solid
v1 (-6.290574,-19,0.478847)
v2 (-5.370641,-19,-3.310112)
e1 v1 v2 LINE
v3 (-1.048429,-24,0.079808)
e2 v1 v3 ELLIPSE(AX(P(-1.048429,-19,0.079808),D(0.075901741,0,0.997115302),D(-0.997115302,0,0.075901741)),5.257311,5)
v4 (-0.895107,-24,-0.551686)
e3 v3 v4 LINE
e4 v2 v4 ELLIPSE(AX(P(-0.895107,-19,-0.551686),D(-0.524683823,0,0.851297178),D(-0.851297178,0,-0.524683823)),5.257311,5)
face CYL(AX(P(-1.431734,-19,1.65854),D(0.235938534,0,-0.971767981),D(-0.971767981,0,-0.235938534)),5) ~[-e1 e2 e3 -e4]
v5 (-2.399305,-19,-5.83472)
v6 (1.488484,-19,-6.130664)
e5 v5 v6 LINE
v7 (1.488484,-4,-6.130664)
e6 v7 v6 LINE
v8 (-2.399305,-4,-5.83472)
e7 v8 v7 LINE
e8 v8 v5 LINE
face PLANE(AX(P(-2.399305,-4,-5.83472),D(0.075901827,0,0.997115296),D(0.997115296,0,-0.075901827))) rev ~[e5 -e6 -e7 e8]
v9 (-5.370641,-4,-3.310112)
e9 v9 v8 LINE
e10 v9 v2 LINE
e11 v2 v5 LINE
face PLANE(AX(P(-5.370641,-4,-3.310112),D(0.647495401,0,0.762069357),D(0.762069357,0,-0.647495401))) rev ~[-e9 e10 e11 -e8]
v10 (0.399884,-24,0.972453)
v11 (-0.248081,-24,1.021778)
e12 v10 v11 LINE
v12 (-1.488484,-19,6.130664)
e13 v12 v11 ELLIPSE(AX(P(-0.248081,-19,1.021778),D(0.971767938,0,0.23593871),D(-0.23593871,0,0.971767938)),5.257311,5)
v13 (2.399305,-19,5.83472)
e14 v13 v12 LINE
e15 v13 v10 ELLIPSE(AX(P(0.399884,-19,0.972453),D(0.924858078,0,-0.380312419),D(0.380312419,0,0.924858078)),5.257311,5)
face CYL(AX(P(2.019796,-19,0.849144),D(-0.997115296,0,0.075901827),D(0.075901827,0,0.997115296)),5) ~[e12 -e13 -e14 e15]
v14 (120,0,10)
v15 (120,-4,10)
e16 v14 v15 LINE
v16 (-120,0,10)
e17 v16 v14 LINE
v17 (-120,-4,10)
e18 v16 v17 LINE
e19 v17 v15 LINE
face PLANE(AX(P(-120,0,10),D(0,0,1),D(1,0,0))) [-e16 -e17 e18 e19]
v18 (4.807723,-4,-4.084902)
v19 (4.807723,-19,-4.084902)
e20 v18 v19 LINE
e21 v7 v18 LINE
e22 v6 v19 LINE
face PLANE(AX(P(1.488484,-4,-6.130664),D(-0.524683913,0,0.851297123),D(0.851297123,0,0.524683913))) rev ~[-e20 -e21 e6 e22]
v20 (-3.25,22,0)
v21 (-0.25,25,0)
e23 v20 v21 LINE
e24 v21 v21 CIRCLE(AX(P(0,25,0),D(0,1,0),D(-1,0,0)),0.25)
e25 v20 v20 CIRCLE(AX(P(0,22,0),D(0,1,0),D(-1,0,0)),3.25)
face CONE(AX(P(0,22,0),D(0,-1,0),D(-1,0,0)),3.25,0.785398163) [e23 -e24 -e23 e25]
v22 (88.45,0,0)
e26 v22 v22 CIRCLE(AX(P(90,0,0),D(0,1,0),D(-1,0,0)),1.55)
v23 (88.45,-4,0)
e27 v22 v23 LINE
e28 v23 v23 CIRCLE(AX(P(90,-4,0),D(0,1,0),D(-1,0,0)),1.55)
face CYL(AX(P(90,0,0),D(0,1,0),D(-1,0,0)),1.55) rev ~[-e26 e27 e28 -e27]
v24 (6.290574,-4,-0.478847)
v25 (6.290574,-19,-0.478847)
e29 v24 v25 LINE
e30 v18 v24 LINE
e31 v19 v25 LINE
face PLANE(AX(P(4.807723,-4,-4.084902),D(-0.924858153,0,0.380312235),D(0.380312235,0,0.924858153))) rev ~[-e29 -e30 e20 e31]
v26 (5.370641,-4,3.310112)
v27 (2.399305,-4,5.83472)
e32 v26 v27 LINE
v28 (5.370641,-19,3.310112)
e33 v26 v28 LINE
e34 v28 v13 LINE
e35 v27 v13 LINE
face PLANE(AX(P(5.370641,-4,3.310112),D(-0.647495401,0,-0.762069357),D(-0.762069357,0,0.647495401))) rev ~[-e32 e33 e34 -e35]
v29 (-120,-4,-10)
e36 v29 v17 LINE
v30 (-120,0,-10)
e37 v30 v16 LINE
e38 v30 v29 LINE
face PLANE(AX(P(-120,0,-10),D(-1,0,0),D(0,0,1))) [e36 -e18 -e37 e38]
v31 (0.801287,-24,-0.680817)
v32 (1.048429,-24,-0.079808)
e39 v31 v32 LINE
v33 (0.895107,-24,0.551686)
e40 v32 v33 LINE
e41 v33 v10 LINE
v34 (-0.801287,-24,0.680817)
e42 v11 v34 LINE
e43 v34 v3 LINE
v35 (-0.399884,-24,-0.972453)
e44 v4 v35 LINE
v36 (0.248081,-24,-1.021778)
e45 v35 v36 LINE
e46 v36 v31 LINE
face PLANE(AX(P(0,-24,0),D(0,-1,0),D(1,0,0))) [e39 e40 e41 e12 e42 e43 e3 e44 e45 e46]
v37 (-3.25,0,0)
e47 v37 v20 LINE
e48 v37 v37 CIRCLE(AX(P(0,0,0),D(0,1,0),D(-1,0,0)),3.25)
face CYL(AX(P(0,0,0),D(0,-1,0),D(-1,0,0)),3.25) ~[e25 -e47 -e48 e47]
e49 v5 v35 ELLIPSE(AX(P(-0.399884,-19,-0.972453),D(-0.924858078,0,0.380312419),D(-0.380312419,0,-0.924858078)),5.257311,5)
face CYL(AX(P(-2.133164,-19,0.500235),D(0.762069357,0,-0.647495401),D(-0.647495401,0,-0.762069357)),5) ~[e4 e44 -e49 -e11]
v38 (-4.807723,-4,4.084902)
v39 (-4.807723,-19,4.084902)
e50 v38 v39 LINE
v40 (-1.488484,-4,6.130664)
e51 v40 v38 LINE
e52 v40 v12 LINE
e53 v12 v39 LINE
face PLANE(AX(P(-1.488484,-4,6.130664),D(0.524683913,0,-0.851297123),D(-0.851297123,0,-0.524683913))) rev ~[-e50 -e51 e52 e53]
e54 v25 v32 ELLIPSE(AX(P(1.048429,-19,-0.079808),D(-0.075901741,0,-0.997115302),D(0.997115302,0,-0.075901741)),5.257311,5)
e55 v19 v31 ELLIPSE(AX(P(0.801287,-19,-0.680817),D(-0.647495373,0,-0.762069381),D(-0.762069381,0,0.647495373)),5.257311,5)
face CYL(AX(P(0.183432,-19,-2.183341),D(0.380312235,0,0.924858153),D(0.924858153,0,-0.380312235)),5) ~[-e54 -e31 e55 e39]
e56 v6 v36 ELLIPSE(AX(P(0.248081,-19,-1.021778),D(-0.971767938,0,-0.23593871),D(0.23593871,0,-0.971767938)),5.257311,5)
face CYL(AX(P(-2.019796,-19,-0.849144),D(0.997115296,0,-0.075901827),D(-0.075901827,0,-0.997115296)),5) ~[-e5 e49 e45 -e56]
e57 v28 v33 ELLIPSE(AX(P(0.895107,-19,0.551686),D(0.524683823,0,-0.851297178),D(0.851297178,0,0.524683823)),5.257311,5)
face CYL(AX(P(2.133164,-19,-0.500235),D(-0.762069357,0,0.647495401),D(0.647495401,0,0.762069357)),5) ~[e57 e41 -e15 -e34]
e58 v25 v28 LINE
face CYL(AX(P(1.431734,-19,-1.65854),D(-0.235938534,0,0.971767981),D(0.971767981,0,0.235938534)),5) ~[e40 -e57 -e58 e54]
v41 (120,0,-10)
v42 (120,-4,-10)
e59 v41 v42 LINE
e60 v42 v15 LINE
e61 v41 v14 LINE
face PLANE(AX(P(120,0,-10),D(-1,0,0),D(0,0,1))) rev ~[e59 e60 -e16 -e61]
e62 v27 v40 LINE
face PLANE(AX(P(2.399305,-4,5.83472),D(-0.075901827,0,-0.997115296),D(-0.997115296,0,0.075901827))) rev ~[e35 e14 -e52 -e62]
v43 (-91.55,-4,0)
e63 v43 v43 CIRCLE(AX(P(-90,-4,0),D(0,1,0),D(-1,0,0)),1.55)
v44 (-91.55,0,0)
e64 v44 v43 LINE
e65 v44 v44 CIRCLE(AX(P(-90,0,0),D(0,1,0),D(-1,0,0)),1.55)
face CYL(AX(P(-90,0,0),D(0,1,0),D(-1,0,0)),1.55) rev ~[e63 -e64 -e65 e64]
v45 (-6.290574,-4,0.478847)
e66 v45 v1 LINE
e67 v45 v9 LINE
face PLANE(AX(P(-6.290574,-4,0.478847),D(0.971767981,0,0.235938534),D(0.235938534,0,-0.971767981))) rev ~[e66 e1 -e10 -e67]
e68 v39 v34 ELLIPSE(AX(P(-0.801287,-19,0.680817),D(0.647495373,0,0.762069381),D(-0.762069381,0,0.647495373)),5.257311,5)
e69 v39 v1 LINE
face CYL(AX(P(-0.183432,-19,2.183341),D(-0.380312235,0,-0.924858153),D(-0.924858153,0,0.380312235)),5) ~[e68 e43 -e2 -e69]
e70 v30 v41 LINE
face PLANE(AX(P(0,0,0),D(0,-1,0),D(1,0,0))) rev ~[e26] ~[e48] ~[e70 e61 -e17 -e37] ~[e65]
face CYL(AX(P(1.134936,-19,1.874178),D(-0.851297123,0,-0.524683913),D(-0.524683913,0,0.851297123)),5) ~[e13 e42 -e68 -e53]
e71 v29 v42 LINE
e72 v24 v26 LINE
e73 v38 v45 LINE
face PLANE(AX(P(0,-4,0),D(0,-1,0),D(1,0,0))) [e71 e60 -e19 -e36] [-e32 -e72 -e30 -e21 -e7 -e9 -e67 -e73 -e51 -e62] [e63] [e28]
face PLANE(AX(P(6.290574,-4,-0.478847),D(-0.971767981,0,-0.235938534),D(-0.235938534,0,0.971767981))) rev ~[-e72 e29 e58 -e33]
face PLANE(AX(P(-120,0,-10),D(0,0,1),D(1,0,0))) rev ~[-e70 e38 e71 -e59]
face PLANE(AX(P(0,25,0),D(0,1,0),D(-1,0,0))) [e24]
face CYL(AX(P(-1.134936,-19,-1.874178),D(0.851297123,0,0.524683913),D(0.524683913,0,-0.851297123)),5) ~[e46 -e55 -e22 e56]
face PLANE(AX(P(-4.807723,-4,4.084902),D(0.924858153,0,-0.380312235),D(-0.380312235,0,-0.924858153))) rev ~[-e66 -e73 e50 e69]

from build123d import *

# Parameters (mm, degrees)
F0_W     = 240
F0_H     = 20
F1_DEPTH = 4
F3_DEPTH = 20
F4_R     = 5
F5_R     = 3.25
F6_DEPTH = 25
F7_SIZE  = 3
F8_R     = 1.55
F9_DEPTH = 25


with BuildPart() as f1:
    # F0 (on Front) → F1 (new body)
    with BuildSketch(Plane.XZ):
        Rectangle(F0_W, F0_H)
    extrude(amount=F1_DEPTH)

    # F2 (on face) → F3 (join)
    with BuildSketch(Plane.XZ.offset(4)):
        Polygon((5.370641, 3.310112), (2.399305, 5.83472), (-1.488484, 6.130664), (-4.807723, 4.084902), (-6.290574, 0.478847), (-5.370641, -3.310112), (-2.399305, -5.83472), (1.488484, -6.130664), (4.807723, -4.084902), (6.290574, -0.478847), align=None)
    extrude(amount=F3_DEPTH)

    # F4
    f4_edges = [f1.edges().sort_by_distance(p)[0] for p in [
        (5.549149, -24, -2.281874),
        (5.830608, -24, 1.415633),
        (3.884973, -24, 4.572416),
        (0.45541, -24, 5.982692),
        (-3.148103, -24, 5.107783),
        (-5.549149, -24, 2.281874),
        (-5.830608, -24, -1.415633),
        (-3.884973, -24, -4.572416),
        (-0.45541, -24, -5.982692),
        (3.148103, -24, -5.107783),
    ]]
    fillet(f4_edges, radius=F4_R)

    # F5 (on face) → F6 (join)
    with BuildSketch(Plane(origin=(0, 0, 0), x_dir=(-1, 0, 0), z_dir=(0, 1, 0))):
        Circle(F5_R)
    extrude(amount=F6_DEPTH)

    # F7
    f7_edges = [f1.edges().sort_by_distance(p)[0] for p in [
        (3.25, 25, 0),
    ]]
    chamfer(f7_edges, length=F7_SIZE)

    # F8 (on face) → F9 (cut)
    with BuildSketch(Plane(origin=(0, 0, 0), x_dir=(-1, 0, 0), z_dir=(0, 1, 0))):
        with Locations((-90, 0)):
            Circle(F8_R)
        with Locations((90, 0)):
            Circle(F8_R)
    extrude(amount=-F9_DEPTH, mode=Mode.SUBTRACT)


solid = f1.part
